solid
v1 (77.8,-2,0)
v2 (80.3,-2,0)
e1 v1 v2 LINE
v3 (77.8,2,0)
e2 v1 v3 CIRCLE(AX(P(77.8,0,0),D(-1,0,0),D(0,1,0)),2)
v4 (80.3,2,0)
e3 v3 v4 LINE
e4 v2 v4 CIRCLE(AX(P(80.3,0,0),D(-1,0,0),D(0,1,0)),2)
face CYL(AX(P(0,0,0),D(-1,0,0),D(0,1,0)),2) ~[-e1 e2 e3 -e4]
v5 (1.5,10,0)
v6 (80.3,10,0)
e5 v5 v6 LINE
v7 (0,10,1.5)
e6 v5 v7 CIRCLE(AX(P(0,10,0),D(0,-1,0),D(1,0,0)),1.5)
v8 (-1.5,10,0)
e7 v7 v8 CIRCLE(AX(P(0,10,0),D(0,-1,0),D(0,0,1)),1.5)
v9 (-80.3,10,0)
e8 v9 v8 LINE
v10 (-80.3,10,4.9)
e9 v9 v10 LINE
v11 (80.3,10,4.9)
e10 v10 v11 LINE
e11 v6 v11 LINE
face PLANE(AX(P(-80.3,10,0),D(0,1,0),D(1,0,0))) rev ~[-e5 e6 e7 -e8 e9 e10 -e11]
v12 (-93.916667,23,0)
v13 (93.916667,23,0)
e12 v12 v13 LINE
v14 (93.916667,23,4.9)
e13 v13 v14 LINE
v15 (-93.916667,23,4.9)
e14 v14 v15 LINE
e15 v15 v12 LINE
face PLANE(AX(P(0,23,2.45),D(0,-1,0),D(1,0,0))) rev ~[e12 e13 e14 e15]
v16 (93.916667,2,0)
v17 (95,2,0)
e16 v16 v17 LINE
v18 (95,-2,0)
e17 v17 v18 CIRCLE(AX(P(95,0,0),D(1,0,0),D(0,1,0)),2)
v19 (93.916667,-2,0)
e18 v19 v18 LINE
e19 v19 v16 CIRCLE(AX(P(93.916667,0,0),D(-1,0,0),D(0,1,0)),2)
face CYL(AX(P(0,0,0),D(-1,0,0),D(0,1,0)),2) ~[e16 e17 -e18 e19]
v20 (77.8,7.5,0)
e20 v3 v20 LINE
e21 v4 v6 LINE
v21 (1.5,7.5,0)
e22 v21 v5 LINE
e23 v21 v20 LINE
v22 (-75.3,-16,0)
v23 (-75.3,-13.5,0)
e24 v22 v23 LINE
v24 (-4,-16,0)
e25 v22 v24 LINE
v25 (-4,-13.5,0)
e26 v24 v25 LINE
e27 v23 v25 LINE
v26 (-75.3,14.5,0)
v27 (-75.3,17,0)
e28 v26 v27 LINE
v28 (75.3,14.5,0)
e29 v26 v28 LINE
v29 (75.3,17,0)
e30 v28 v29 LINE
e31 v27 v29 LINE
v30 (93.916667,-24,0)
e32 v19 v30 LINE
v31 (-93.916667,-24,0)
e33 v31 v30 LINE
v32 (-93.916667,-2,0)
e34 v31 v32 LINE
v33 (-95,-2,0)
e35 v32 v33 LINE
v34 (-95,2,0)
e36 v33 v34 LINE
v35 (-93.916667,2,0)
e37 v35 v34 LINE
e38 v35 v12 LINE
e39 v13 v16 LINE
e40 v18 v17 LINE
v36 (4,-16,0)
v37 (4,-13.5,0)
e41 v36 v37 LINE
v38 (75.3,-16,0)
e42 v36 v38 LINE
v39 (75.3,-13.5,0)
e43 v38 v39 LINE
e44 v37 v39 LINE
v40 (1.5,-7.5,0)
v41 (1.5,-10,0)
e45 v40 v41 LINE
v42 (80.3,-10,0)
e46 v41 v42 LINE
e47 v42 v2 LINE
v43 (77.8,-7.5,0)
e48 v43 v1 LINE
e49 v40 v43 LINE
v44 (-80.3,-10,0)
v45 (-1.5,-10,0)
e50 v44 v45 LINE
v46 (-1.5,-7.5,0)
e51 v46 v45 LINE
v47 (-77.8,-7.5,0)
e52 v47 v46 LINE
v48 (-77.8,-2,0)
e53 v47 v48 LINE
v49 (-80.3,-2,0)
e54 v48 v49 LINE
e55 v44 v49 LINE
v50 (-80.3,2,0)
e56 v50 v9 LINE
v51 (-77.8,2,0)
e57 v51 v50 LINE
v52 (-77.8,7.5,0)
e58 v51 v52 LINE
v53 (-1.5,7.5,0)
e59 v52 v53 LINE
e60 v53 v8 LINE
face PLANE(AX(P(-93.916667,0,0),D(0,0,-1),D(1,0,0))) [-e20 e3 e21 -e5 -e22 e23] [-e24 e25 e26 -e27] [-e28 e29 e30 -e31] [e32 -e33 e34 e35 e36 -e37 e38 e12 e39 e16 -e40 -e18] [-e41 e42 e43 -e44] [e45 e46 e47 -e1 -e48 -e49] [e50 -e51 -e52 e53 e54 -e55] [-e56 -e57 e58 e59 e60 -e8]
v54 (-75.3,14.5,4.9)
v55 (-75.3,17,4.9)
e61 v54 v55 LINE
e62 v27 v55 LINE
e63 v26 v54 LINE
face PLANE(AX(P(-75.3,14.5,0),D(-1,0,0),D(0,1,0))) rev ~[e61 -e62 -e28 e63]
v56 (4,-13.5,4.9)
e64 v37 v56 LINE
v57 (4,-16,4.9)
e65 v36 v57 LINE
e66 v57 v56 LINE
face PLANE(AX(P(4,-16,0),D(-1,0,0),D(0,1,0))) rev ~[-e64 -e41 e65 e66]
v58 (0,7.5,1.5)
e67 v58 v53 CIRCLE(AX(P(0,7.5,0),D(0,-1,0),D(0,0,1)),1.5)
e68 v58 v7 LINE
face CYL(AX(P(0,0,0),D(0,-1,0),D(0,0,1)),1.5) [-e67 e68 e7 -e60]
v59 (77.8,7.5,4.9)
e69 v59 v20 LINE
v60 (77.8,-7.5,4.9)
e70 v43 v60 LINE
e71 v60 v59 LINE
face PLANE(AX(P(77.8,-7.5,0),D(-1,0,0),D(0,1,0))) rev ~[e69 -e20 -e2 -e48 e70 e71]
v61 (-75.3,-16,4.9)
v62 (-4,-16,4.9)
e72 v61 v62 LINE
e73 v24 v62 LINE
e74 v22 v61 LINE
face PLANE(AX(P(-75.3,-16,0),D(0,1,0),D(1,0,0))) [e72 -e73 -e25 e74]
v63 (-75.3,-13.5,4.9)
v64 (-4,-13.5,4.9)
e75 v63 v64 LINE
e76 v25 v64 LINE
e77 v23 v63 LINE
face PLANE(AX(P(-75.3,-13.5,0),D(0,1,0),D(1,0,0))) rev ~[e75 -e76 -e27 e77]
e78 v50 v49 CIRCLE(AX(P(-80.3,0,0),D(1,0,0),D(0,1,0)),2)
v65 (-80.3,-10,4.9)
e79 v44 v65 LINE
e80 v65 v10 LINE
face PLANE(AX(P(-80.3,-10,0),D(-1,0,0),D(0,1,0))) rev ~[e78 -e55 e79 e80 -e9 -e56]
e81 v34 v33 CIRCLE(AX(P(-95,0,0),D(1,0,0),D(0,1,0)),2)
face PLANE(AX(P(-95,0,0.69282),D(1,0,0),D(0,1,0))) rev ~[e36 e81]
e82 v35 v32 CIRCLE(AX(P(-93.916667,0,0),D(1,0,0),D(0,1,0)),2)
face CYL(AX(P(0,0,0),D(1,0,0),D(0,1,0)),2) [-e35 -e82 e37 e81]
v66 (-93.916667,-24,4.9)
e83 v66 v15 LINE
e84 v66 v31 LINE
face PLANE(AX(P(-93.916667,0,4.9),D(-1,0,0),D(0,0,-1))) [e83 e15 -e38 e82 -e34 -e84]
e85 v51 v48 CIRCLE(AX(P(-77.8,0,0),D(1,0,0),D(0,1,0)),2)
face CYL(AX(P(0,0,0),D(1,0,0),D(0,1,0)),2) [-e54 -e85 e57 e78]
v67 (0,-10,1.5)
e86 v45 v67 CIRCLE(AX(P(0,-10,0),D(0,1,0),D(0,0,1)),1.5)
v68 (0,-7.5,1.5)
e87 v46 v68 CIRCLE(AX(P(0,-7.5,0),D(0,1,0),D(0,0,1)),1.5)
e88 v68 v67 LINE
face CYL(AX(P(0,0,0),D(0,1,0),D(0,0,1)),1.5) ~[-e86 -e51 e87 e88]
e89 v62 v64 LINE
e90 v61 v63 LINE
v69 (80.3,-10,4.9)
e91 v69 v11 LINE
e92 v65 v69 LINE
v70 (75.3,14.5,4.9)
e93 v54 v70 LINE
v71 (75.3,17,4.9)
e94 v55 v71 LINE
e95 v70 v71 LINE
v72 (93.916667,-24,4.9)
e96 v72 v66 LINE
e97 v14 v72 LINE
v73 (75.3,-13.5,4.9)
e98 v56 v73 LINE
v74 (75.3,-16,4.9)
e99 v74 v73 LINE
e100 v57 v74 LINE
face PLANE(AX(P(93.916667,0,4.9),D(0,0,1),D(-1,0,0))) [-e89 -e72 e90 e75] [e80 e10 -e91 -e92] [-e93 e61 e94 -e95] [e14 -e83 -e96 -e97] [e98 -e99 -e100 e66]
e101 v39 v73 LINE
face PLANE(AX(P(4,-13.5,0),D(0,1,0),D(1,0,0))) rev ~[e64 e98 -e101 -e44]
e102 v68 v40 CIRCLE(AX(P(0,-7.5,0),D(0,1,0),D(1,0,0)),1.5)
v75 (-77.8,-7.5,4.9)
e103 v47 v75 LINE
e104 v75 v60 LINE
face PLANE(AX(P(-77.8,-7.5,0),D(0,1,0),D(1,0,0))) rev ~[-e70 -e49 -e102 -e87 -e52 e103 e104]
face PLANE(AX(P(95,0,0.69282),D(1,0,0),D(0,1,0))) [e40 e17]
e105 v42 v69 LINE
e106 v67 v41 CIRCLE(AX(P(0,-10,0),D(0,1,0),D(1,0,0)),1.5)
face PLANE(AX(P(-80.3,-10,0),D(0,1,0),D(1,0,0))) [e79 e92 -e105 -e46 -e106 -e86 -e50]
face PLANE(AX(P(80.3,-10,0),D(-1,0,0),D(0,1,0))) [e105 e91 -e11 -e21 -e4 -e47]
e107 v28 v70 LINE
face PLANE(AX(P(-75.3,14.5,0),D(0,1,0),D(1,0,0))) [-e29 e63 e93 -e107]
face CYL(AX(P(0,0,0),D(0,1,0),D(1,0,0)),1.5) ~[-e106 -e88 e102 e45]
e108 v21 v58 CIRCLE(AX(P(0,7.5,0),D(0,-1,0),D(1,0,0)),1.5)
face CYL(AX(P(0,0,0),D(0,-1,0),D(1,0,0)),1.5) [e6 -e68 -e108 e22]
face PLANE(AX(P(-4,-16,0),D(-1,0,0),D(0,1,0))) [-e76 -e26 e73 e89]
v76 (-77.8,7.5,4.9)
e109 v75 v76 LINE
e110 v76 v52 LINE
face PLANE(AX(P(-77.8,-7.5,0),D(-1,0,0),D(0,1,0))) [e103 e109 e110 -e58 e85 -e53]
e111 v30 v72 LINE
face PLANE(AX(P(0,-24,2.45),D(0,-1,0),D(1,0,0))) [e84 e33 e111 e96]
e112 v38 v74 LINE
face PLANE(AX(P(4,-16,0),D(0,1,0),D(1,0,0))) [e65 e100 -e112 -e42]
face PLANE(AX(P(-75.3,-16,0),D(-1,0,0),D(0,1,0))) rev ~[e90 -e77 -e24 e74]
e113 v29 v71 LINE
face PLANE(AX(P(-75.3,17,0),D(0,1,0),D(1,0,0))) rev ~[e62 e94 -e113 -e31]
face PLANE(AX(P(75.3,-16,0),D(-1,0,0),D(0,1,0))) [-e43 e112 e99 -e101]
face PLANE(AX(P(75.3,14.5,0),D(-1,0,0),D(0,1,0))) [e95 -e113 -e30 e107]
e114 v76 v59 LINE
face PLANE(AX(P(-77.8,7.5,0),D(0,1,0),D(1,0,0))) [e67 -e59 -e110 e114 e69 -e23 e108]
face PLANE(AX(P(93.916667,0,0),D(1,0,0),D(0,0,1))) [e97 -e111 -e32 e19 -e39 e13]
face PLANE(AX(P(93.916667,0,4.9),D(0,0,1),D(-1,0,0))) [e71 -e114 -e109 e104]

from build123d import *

# Parameters (mm, degrees)
F3_DEPTH      = 24
F3_DEPTH_BACK = 23
F2_W          = 150.6
F2_H          = 2.5
F2_W_2        = 71.3
F2_W_3        = 160.6
F2_H_2        = 20
F2_W_4        = 155.6
F2_H_3        = 15
F4_DEPTH      = 4.9
F7_DEPTH      = 95
F7_DEPTH_BACK = 95
F8_DEPTH      = 12
F8_DEPTH_BACK = 12
F9_DEPTH      = 4.75


with BuildPart() as f3:
    # F1 (on Front) → F3 (new body, two sides)
    with BuildSketch(Plane.XZ) as f3_sk:
        Polygon((-93.9166666667, 0), (0, 0), (93.9166666667, 0), (93.9166666667, 4.9), (0, 4.9), (-93.9166666667, 4.9), align=None)
    extrude(amount=F3_DEPTH)
    extrude(f3_sk.sketch, amount=-F3_DEPTH_BACK)

    # F2 (on Top) → F4 (cut, through all)
    with BuildSketch(Plane.XY):
        with Locations((0, 15.75)):
            Rectangle(F2_W, F2_H)
        with Locations((39.65, -14.75)):
            Rectangle(F2_W_2, F2_H)
        with Locations((-39.65, -14.75)):
            Rectangle(F2_W_2, F2_H)
        Rectangle(F2_W_3, F2_H_2)
        Rectangle(F2_W_4, F2_H_3, mode=Mode.SUBTRACT)
    extrude(amount=F4_DEPTH, mode=Mode.SUBTRACT)

    # F6 (on Right) → F7 (join, two sides)
    with BuildSketch(Plane.YZ) as f7_sk:
        with BuildLine():
            Line((-2, 0), (2, 0))
            ThreePointArc((2, 0), (0, 2), (-2, 0))
        make_face()
    extrude(amount=F7_DEPTH)
    extrude(f7_sk.sketch, amount=-F7_DEPTH_BACK)

    # F0 (on Front) → F8 (join, two sides)
    with BuildSketch(Plane.XZ) as f8_sk:
        with BuildLine():
            Line((0, 1.5), (0, 0))
            Line((0, 0), (1.5, 0))
            ThreePointArc((1.5, 0), (1.0606601718, 1.0606601718), (0, 1.5))
        make_face()
        with BuildLine():
            ThreePointArc((0, 1.5), (-1.0606601718, 1.0606601718), (-1.5, 0))
            Line((-1.5, 0), (0, 0))
            Line((0, 0), (0, 1.5))
        make_face()
    extrude(amount=F8_DEPTH)
    extrude(f8_sk.sketch, amount=-F8_DEPTH_BACK)

    # F2 (on Top) → F9 (join)
    with BuildSketch(Plane.XY):
        Rectangle(F2_W_4, F2_H_3)
    extrude(amount=F9_DEPTH)


solid = f3.part
